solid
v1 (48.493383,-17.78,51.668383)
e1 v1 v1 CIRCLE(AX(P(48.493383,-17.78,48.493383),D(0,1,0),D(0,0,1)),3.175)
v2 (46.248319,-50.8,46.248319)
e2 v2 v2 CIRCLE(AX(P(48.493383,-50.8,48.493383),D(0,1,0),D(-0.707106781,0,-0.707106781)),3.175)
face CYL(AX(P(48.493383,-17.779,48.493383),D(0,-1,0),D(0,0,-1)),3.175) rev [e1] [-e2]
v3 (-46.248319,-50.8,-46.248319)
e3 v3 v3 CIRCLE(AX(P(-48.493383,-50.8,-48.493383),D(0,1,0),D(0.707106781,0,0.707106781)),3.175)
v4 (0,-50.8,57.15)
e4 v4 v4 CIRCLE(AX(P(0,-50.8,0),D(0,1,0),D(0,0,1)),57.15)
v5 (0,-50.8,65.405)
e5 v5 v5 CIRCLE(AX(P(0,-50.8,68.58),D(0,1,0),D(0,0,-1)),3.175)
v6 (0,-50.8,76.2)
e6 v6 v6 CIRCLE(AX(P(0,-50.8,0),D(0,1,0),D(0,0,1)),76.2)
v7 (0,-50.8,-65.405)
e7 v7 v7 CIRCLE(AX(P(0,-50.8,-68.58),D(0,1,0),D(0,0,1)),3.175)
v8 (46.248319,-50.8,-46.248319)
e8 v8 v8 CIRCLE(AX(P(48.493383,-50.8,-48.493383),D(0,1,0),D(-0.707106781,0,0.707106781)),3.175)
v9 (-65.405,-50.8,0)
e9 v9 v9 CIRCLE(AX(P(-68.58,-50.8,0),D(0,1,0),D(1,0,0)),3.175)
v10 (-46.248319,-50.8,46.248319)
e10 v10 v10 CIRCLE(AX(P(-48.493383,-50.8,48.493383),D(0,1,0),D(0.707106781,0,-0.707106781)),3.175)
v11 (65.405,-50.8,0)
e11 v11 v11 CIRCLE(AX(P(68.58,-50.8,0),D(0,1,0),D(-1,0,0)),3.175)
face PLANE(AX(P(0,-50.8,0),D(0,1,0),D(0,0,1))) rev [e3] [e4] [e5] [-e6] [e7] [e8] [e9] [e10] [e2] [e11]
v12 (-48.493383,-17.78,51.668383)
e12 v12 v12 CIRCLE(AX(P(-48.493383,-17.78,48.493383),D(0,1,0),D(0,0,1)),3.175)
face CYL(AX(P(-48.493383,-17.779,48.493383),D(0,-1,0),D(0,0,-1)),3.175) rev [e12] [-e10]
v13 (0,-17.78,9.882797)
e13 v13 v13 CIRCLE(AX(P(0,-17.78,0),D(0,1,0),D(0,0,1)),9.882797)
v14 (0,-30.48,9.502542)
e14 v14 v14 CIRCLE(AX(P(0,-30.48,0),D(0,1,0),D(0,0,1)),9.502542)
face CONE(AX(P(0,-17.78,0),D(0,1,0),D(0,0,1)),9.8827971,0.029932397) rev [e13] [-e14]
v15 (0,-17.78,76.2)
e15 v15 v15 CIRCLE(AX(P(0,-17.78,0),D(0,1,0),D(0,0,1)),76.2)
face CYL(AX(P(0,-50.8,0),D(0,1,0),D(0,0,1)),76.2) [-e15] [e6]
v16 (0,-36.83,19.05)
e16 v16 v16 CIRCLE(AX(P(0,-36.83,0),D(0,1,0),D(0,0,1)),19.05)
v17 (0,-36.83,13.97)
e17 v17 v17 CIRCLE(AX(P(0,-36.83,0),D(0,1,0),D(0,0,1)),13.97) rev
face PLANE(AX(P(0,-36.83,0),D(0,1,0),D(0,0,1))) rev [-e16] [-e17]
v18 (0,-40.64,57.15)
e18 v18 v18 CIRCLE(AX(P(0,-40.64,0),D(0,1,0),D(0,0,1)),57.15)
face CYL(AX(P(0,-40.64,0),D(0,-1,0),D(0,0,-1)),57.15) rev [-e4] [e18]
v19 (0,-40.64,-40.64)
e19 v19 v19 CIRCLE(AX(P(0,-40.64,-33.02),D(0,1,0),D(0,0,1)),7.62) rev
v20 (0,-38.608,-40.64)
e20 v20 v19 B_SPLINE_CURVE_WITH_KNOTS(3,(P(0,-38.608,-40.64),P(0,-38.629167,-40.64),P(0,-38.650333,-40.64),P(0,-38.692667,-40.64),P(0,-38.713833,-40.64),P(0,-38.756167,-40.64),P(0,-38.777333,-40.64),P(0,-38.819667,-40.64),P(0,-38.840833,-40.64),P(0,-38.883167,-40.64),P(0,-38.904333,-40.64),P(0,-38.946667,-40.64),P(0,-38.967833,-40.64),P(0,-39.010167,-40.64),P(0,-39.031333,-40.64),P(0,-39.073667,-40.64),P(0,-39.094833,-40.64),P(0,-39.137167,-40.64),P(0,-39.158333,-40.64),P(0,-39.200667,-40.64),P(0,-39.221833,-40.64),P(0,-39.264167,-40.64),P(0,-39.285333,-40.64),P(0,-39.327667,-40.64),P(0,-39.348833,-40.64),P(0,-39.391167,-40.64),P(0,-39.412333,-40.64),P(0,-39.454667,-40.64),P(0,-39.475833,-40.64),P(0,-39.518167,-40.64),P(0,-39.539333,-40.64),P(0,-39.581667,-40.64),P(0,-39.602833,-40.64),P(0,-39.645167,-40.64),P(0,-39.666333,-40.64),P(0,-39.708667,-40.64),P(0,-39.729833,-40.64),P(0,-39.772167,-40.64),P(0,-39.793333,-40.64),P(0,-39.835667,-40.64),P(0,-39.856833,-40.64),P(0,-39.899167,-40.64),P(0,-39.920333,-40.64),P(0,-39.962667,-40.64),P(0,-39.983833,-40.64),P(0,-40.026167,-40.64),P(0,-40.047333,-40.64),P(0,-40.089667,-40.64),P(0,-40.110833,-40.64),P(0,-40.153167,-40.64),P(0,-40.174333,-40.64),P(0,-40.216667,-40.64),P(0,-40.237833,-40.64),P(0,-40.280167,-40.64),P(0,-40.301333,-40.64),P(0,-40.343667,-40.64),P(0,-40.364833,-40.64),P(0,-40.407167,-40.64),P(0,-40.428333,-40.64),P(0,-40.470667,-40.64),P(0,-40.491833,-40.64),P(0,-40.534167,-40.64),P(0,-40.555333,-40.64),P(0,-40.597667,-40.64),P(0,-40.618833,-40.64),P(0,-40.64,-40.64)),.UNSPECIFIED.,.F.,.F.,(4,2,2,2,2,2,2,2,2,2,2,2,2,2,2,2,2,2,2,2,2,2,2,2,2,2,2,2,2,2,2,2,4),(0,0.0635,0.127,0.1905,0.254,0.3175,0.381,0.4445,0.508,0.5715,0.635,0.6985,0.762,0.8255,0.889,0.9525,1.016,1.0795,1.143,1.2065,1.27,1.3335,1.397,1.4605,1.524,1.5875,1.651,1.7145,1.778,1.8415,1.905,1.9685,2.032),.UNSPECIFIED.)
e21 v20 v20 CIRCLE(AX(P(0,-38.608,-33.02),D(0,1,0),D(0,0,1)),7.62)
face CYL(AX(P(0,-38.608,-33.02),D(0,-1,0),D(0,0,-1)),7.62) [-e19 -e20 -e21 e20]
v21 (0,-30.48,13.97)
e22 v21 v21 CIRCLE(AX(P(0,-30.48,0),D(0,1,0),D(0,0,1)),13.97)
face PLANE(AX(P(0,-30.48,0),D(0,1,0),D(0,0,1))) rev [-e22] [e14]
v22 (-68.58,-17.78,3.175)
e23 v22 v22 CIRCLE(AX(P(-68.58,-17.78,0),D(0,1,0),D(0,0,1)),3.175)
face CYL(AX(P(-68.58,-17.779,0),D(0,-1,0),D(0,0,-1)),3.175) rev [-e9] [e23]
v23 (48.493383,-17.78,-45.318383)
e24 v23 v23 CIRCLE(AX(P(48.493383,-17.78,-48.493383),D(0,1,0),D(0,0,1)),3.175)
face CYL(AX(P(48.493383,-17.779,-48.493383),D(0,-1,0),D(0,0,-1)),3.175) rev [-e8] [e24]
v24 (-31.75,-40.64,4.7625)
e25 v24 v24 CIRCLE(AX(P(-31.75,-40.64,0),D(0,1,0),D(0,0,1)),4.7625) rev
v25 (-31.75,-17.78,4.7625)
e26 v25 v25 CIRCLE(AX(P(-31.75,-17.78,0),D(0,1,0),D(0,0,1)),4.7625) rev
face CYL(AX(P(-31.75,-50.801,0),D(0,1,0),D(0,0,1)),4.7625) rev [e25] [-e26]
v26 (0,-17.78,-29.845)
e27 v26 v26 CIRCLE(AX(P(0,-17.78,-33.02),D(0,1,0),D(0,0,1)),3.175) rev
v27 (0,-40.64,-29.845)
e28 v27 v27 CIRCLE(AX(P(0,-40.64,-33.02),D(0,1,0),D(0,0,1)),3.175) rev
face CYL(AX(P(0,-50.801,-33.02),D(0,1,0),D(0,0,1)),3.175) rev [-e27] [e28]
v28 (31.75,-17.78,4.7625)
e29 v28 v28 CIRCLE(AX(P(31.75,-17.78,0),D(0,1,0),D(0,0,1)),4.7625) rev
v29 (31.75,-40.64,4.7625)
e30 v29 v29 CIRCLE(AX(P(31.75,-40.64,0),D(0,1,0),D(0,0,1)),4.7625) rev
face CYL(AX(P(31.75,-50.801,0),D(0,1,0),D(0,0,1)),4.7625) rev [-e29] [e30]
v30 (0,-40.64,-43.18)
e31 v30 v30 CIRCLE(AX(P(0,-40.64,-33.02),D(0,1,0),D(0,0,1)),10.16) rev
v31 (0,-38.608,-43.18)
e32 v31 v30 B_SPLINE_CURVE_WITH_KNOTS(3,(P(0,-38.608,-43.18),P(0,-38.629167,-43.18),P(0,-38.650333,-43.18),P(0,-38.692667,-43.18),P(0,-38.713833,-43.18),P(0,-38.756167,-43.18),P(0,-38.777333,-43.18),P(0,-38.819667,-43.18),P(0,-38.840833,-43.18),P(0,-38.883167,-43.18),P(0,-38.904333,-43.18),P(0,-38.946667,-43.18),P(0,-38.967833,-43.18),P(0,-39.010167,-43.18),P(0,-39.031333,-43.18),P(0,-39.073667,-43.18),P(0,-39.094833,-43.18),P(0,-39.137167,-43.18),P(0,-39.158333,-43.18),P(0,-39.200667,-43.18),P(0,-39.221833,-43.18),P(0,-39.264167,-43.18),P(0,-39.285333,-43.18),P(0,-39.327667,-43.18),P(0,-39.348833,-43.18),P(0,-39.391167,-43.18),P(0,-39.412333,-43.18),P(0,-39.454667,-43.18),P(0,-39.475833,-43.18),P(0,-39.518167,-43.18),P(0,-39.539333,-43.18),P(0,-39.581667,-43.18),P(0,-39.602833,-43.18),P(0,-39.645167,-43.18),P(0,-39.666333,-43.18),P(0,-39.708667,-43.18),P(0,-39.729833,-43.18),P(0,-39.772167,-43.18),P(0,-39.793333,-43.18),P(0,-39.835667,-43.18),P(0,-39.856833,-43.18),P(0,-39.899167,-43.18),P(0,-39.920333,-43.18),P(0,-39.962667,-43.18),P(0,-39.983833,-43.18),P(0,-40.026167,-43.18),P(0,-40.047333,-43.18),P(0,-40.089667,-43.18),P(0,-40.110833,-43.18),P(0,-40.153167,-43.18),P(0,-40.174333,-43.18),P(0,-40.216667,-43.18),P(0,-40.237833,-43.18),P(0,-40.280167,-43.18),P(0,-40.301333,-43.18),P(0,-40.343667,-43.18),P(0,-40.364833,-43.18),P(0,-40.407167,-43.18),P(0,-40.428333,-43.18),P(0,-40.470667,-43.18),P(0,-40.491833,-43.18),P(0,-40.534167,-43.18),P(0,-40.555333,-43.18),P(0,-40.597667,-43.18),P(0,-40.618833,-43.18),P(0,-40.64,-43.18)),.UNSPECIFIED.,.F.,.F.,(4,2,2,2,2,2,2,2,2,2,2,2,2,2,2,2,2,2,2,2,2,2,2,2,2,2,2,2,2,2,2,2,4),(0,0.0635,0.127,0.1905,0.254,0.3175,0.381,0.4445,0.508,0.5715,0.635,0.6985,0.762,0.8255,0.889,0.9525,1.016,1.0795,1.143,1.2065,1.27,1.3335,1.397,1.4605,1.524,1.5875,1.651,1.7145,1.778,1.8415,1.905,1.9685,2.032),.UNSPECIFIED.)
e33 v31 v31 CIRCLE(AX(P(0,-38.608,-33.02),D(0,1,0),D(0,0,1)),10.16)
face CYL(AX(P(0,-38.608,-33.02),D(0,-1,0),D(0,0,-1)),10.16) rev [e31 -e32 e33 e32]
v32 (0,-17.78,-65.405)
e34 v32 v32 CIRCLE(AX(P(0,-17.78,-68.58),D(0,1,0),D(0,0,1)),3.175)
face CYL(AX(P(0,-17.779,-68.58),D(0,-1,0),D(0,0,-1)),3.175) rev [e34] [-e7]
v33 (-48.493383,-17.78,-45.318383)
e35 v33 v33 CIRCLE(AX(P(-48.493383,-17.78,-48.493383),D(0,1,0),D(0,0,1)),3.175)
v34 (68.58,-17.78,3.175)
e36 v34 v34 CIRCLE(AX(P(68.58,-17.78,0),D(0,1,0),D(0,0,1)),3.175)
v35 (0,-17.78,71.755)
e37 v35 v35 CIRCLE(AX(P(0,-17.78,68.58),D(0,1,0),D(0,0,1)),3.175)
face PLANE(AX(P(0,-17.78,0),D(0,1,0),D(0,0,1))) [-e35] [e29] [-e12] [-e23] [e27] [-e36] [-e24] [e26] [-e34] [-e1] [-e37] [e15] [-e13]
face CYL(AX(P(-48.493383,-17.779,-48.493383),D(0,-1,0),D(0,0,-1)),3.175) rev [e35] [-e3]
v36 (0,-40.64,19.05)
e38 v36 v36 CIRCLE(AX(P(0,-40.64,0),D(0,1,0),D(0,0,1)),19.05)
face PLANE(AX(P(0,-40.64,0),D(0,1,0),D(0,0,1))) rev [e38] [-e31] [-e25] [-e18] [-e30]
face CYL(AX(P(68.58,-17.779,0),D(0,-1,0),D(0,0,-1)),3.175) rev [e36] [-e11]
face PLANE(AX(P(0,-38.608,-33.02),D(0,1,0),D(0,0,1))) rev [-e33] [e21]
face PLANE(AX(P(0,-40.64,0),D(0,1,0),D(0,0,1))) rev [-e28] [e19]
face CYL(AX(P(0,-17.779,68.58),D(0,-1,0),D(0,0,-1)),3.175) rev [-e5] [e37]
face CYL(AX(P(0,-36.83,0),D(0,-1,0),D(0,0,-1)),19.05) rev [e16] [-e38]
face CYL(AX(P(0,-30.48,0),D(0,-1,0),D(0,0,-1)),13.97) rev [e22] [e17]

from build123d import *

# Parameters (mm, degrees)
SKETCH1_R             = 76.2
BILLET_DEPTH          = 50.8
SKETCH3_R             = 19.05
LOX_PLATE_DEPTH       = 13.97
SKETCH5_R             = 13.97
LOX_DOME_DEPTH        = 20.32
SKETCH7_R             = 76.2
TOP_MILL_DEPTH        = 17.78
F_1_4_BOLT_HOLE_REACH = 114.708
SKETCH11_R            = 3.175
BOLT_PATTERN_COUNT    = 8
SKETCH12_R            = 57.15
KEROSENE_PLATE_DEPTH  = 10.16
KEROSENE_INLET_REACH  = 121.137
SKETCH13_R            = 4.7625
MANIFOLD_HOLE_REACH   = 121.137
SKETCH14_R            = 3.175
SKETCH15_R            = 10.16
SKETCH15_R_2          = 7.62
MANIFOLD_SEAL_DEPTH   = 12.192


with BuildPart() as part:
    # Sketch1 → Billet (new body)
    with BuildSketch(Plane(origin=(0, 0, 0), x_dir=(1, 0, 0), z_dir=(0, 1, 0))):
        Circle(SKETCH1_R)
    extrude(amount=-BILLET_DEPTH)

    # Sketch3 → Lox Plate (cut)
    with BuildSketch(Plane(origin=(0, -50.8, 0), x_dir=(1, 0, 0), z_dir=(0, 1, 0))):
        Circle(SKETCH3_R)
    extrude(amount=LOX_PLATE_DEPTH, mode=Mode.SUBTRACT)

    # Sketch5 → Lox Dome (cut)
    with BuildSketch(Plane(origin=(0, -50.8, 0), x_dir=(1, 0, 0), z_dir=(0, 1, 0))):
        Circle(SKETCH5_R)
    extrude(amount=LOX_DOME_DEPTH, mode=Mode.SUBTRACT)

    # Sketch7 → Top Mill (cut)
    with BuildSketch(Plane(origin=(0, 0, 0), x_dir=(1, 0, 0), z_dir=(0, 1, 0))):
        Circle(SKETCH7_R)
    extrude(amount=-TOP_MILL_DEPTH, mode=Mode.SUBTRACT)

    # Sketch11 → 1/4" Bolt Hole (cut, up to next)
    with BuildSketch(Plane(origin=(0, -50.8, 0), x_dir=(1, 0, 0), z_dir=(0, 1, 0)), mode=Mode.PRIVATE) as f_1_4_bolt_hole_sk1:
        with Locations((0, 68.58)):
            Circle(SKETCH11_R)
    f_1_4_bolt_hole_tool1 = extrude(f_1_4_bolt_hole_sk1.sketch, amount=F_1_4_BOLT_HOLE_REACH, mode=Mode.PRIVATE) & part.part
    f_1_4_bolt_hole = f_1_4_bolt_hole_tool1.solids().sort_by_distance((0, -50.8, -68.58))[0]
    add(f_1_4_bolt_hole, mode=Mode.SUBTRACT)

    # Bolt Pattern: 1/4" Bolt Hole ×8 about axis
    bolt_pattern_axis = Axis((0, 53.34, 0), (0, -1, 0))
    for i in range(1, BOLT_PATTERN_COUNT):
        add(f_1_4_bolt_hole.rotate(bolt_pattern_axis, i * 360 / BOLT_PATTERN_COUNT), mode=Mode.SUBTRACT)

    # Sketch12 → Kerosene Plate (cut)
    with BuildSketch(Plane(origin=(0, -50.8, 0), x_dir=(1, 0, 0), z_dir=(0, 1, 0))):
        Circle(SKETCH12_R)
    extrude(amount=KEROSENE_PLATE_DEPTH, mode=Mode.SUBTRACT)

    # Sketch13 → Kerosene Inlet (cut, up to next)
    with BuildSketch(Plane(origin=(0, 0, 0), x_dir=(1, 0, 0), z_dir=(0, 1, 0)), mode=Mode.PRIVATE) as kerosene_inlet_sk1:
        with Locations((-31.75, 0)):
            Circle(SKETCH13_R)
    kerosene_inlet_tool1 = extrude(kerosene_inlet_sk1.sketch, amount=-KEROSENE_INLET_REACH, mode=Mode.PRIVATE) & part.part
    # Sketch13 → Kerosene Inlet (cut, up to next)
    with BuildSketch(Plane(origin=(0, 0, 0), x_dir=(1, 0, 0), z_dir=(0, 1, 0)), mode=Mode.PRIVATE) as kerosene_inlet_sk2:
        with Locations((31.75, 0)):
            Circle(SKETCH13_R)
    kerosene_inlet_tool2 = extrude(kerosene_inlet_sk2.sketch, amount=-KEROSENE_INLET_REACH, mode=Mode.PRIVATE) & part.part
    add(kerosene_inlet_tool1.solids().sort_by_distance((-31.75, 0, 0))[0], mode=Mode.SUBTRACT)
    add(kerosene_inlet_tool2.solids().sort_by_distance((31.75, 0, 0))[0], mode=Mode.SUBTRACT)

    # Sketch14 → Manifold hole (cut, up to next)
    with BuildSketch(Plane(origin=(0, 0, 0), x_dir=(1, 0, 0), z_dir=(0, 1, 0)), mode=Mode.PRIVATE) as manifold_hole_sk1:
        with Locations((0, 33.02)):
            Circle(SKETCH14_R)
    manifold_hole_tool1 = extrude(manifold_hole_sk1.sketch, amount=-MANIFOLD_HOLE_REACH, mode=Mode.PRIVATE) & part.part
    add(manifold_hole_tool1.solids().sort_by_distance((0, 0, -33.02))[0], mode=Mode.SUBTRACT)

    # Sketch15 → Manifold seal (cut)
    with BuildSketch(Plane(origin=(0, -50.8, 0), x_dir=(1, 0, 0), z_dir=(0, 1, 0))):
        with Locations((0, 33.02)):
            Circle(SKETCH15_R)
        with Locations((0, 33.02)):
            Circle(SKETCH15_R_2, mode=Mode.SUBTRACT)
    extrude(amount=MANIFOLD_SEAL_DEPTH, mode=Mode.SUBTRACT)

    # Sketch21 → 1/2 NPT Tapped Hole3 (revolve, cut)
    with BuildSketch(Plane(origin=(0, -17.78, 0), x_dir=(0, 0, 1), z_dir=(1, 0, 0))):
        Polygon((0, 0), (0, 33.02), (8.9281, 33.02), (8.9281, 13.462), (9.479726792, 13.462), (9.8827971, 0), align=None)
    revolve(axis=Axis((0, -11.43, 0), (0, -1, 0)), mode=Mode.SUBTRACT)


solid = part.part
